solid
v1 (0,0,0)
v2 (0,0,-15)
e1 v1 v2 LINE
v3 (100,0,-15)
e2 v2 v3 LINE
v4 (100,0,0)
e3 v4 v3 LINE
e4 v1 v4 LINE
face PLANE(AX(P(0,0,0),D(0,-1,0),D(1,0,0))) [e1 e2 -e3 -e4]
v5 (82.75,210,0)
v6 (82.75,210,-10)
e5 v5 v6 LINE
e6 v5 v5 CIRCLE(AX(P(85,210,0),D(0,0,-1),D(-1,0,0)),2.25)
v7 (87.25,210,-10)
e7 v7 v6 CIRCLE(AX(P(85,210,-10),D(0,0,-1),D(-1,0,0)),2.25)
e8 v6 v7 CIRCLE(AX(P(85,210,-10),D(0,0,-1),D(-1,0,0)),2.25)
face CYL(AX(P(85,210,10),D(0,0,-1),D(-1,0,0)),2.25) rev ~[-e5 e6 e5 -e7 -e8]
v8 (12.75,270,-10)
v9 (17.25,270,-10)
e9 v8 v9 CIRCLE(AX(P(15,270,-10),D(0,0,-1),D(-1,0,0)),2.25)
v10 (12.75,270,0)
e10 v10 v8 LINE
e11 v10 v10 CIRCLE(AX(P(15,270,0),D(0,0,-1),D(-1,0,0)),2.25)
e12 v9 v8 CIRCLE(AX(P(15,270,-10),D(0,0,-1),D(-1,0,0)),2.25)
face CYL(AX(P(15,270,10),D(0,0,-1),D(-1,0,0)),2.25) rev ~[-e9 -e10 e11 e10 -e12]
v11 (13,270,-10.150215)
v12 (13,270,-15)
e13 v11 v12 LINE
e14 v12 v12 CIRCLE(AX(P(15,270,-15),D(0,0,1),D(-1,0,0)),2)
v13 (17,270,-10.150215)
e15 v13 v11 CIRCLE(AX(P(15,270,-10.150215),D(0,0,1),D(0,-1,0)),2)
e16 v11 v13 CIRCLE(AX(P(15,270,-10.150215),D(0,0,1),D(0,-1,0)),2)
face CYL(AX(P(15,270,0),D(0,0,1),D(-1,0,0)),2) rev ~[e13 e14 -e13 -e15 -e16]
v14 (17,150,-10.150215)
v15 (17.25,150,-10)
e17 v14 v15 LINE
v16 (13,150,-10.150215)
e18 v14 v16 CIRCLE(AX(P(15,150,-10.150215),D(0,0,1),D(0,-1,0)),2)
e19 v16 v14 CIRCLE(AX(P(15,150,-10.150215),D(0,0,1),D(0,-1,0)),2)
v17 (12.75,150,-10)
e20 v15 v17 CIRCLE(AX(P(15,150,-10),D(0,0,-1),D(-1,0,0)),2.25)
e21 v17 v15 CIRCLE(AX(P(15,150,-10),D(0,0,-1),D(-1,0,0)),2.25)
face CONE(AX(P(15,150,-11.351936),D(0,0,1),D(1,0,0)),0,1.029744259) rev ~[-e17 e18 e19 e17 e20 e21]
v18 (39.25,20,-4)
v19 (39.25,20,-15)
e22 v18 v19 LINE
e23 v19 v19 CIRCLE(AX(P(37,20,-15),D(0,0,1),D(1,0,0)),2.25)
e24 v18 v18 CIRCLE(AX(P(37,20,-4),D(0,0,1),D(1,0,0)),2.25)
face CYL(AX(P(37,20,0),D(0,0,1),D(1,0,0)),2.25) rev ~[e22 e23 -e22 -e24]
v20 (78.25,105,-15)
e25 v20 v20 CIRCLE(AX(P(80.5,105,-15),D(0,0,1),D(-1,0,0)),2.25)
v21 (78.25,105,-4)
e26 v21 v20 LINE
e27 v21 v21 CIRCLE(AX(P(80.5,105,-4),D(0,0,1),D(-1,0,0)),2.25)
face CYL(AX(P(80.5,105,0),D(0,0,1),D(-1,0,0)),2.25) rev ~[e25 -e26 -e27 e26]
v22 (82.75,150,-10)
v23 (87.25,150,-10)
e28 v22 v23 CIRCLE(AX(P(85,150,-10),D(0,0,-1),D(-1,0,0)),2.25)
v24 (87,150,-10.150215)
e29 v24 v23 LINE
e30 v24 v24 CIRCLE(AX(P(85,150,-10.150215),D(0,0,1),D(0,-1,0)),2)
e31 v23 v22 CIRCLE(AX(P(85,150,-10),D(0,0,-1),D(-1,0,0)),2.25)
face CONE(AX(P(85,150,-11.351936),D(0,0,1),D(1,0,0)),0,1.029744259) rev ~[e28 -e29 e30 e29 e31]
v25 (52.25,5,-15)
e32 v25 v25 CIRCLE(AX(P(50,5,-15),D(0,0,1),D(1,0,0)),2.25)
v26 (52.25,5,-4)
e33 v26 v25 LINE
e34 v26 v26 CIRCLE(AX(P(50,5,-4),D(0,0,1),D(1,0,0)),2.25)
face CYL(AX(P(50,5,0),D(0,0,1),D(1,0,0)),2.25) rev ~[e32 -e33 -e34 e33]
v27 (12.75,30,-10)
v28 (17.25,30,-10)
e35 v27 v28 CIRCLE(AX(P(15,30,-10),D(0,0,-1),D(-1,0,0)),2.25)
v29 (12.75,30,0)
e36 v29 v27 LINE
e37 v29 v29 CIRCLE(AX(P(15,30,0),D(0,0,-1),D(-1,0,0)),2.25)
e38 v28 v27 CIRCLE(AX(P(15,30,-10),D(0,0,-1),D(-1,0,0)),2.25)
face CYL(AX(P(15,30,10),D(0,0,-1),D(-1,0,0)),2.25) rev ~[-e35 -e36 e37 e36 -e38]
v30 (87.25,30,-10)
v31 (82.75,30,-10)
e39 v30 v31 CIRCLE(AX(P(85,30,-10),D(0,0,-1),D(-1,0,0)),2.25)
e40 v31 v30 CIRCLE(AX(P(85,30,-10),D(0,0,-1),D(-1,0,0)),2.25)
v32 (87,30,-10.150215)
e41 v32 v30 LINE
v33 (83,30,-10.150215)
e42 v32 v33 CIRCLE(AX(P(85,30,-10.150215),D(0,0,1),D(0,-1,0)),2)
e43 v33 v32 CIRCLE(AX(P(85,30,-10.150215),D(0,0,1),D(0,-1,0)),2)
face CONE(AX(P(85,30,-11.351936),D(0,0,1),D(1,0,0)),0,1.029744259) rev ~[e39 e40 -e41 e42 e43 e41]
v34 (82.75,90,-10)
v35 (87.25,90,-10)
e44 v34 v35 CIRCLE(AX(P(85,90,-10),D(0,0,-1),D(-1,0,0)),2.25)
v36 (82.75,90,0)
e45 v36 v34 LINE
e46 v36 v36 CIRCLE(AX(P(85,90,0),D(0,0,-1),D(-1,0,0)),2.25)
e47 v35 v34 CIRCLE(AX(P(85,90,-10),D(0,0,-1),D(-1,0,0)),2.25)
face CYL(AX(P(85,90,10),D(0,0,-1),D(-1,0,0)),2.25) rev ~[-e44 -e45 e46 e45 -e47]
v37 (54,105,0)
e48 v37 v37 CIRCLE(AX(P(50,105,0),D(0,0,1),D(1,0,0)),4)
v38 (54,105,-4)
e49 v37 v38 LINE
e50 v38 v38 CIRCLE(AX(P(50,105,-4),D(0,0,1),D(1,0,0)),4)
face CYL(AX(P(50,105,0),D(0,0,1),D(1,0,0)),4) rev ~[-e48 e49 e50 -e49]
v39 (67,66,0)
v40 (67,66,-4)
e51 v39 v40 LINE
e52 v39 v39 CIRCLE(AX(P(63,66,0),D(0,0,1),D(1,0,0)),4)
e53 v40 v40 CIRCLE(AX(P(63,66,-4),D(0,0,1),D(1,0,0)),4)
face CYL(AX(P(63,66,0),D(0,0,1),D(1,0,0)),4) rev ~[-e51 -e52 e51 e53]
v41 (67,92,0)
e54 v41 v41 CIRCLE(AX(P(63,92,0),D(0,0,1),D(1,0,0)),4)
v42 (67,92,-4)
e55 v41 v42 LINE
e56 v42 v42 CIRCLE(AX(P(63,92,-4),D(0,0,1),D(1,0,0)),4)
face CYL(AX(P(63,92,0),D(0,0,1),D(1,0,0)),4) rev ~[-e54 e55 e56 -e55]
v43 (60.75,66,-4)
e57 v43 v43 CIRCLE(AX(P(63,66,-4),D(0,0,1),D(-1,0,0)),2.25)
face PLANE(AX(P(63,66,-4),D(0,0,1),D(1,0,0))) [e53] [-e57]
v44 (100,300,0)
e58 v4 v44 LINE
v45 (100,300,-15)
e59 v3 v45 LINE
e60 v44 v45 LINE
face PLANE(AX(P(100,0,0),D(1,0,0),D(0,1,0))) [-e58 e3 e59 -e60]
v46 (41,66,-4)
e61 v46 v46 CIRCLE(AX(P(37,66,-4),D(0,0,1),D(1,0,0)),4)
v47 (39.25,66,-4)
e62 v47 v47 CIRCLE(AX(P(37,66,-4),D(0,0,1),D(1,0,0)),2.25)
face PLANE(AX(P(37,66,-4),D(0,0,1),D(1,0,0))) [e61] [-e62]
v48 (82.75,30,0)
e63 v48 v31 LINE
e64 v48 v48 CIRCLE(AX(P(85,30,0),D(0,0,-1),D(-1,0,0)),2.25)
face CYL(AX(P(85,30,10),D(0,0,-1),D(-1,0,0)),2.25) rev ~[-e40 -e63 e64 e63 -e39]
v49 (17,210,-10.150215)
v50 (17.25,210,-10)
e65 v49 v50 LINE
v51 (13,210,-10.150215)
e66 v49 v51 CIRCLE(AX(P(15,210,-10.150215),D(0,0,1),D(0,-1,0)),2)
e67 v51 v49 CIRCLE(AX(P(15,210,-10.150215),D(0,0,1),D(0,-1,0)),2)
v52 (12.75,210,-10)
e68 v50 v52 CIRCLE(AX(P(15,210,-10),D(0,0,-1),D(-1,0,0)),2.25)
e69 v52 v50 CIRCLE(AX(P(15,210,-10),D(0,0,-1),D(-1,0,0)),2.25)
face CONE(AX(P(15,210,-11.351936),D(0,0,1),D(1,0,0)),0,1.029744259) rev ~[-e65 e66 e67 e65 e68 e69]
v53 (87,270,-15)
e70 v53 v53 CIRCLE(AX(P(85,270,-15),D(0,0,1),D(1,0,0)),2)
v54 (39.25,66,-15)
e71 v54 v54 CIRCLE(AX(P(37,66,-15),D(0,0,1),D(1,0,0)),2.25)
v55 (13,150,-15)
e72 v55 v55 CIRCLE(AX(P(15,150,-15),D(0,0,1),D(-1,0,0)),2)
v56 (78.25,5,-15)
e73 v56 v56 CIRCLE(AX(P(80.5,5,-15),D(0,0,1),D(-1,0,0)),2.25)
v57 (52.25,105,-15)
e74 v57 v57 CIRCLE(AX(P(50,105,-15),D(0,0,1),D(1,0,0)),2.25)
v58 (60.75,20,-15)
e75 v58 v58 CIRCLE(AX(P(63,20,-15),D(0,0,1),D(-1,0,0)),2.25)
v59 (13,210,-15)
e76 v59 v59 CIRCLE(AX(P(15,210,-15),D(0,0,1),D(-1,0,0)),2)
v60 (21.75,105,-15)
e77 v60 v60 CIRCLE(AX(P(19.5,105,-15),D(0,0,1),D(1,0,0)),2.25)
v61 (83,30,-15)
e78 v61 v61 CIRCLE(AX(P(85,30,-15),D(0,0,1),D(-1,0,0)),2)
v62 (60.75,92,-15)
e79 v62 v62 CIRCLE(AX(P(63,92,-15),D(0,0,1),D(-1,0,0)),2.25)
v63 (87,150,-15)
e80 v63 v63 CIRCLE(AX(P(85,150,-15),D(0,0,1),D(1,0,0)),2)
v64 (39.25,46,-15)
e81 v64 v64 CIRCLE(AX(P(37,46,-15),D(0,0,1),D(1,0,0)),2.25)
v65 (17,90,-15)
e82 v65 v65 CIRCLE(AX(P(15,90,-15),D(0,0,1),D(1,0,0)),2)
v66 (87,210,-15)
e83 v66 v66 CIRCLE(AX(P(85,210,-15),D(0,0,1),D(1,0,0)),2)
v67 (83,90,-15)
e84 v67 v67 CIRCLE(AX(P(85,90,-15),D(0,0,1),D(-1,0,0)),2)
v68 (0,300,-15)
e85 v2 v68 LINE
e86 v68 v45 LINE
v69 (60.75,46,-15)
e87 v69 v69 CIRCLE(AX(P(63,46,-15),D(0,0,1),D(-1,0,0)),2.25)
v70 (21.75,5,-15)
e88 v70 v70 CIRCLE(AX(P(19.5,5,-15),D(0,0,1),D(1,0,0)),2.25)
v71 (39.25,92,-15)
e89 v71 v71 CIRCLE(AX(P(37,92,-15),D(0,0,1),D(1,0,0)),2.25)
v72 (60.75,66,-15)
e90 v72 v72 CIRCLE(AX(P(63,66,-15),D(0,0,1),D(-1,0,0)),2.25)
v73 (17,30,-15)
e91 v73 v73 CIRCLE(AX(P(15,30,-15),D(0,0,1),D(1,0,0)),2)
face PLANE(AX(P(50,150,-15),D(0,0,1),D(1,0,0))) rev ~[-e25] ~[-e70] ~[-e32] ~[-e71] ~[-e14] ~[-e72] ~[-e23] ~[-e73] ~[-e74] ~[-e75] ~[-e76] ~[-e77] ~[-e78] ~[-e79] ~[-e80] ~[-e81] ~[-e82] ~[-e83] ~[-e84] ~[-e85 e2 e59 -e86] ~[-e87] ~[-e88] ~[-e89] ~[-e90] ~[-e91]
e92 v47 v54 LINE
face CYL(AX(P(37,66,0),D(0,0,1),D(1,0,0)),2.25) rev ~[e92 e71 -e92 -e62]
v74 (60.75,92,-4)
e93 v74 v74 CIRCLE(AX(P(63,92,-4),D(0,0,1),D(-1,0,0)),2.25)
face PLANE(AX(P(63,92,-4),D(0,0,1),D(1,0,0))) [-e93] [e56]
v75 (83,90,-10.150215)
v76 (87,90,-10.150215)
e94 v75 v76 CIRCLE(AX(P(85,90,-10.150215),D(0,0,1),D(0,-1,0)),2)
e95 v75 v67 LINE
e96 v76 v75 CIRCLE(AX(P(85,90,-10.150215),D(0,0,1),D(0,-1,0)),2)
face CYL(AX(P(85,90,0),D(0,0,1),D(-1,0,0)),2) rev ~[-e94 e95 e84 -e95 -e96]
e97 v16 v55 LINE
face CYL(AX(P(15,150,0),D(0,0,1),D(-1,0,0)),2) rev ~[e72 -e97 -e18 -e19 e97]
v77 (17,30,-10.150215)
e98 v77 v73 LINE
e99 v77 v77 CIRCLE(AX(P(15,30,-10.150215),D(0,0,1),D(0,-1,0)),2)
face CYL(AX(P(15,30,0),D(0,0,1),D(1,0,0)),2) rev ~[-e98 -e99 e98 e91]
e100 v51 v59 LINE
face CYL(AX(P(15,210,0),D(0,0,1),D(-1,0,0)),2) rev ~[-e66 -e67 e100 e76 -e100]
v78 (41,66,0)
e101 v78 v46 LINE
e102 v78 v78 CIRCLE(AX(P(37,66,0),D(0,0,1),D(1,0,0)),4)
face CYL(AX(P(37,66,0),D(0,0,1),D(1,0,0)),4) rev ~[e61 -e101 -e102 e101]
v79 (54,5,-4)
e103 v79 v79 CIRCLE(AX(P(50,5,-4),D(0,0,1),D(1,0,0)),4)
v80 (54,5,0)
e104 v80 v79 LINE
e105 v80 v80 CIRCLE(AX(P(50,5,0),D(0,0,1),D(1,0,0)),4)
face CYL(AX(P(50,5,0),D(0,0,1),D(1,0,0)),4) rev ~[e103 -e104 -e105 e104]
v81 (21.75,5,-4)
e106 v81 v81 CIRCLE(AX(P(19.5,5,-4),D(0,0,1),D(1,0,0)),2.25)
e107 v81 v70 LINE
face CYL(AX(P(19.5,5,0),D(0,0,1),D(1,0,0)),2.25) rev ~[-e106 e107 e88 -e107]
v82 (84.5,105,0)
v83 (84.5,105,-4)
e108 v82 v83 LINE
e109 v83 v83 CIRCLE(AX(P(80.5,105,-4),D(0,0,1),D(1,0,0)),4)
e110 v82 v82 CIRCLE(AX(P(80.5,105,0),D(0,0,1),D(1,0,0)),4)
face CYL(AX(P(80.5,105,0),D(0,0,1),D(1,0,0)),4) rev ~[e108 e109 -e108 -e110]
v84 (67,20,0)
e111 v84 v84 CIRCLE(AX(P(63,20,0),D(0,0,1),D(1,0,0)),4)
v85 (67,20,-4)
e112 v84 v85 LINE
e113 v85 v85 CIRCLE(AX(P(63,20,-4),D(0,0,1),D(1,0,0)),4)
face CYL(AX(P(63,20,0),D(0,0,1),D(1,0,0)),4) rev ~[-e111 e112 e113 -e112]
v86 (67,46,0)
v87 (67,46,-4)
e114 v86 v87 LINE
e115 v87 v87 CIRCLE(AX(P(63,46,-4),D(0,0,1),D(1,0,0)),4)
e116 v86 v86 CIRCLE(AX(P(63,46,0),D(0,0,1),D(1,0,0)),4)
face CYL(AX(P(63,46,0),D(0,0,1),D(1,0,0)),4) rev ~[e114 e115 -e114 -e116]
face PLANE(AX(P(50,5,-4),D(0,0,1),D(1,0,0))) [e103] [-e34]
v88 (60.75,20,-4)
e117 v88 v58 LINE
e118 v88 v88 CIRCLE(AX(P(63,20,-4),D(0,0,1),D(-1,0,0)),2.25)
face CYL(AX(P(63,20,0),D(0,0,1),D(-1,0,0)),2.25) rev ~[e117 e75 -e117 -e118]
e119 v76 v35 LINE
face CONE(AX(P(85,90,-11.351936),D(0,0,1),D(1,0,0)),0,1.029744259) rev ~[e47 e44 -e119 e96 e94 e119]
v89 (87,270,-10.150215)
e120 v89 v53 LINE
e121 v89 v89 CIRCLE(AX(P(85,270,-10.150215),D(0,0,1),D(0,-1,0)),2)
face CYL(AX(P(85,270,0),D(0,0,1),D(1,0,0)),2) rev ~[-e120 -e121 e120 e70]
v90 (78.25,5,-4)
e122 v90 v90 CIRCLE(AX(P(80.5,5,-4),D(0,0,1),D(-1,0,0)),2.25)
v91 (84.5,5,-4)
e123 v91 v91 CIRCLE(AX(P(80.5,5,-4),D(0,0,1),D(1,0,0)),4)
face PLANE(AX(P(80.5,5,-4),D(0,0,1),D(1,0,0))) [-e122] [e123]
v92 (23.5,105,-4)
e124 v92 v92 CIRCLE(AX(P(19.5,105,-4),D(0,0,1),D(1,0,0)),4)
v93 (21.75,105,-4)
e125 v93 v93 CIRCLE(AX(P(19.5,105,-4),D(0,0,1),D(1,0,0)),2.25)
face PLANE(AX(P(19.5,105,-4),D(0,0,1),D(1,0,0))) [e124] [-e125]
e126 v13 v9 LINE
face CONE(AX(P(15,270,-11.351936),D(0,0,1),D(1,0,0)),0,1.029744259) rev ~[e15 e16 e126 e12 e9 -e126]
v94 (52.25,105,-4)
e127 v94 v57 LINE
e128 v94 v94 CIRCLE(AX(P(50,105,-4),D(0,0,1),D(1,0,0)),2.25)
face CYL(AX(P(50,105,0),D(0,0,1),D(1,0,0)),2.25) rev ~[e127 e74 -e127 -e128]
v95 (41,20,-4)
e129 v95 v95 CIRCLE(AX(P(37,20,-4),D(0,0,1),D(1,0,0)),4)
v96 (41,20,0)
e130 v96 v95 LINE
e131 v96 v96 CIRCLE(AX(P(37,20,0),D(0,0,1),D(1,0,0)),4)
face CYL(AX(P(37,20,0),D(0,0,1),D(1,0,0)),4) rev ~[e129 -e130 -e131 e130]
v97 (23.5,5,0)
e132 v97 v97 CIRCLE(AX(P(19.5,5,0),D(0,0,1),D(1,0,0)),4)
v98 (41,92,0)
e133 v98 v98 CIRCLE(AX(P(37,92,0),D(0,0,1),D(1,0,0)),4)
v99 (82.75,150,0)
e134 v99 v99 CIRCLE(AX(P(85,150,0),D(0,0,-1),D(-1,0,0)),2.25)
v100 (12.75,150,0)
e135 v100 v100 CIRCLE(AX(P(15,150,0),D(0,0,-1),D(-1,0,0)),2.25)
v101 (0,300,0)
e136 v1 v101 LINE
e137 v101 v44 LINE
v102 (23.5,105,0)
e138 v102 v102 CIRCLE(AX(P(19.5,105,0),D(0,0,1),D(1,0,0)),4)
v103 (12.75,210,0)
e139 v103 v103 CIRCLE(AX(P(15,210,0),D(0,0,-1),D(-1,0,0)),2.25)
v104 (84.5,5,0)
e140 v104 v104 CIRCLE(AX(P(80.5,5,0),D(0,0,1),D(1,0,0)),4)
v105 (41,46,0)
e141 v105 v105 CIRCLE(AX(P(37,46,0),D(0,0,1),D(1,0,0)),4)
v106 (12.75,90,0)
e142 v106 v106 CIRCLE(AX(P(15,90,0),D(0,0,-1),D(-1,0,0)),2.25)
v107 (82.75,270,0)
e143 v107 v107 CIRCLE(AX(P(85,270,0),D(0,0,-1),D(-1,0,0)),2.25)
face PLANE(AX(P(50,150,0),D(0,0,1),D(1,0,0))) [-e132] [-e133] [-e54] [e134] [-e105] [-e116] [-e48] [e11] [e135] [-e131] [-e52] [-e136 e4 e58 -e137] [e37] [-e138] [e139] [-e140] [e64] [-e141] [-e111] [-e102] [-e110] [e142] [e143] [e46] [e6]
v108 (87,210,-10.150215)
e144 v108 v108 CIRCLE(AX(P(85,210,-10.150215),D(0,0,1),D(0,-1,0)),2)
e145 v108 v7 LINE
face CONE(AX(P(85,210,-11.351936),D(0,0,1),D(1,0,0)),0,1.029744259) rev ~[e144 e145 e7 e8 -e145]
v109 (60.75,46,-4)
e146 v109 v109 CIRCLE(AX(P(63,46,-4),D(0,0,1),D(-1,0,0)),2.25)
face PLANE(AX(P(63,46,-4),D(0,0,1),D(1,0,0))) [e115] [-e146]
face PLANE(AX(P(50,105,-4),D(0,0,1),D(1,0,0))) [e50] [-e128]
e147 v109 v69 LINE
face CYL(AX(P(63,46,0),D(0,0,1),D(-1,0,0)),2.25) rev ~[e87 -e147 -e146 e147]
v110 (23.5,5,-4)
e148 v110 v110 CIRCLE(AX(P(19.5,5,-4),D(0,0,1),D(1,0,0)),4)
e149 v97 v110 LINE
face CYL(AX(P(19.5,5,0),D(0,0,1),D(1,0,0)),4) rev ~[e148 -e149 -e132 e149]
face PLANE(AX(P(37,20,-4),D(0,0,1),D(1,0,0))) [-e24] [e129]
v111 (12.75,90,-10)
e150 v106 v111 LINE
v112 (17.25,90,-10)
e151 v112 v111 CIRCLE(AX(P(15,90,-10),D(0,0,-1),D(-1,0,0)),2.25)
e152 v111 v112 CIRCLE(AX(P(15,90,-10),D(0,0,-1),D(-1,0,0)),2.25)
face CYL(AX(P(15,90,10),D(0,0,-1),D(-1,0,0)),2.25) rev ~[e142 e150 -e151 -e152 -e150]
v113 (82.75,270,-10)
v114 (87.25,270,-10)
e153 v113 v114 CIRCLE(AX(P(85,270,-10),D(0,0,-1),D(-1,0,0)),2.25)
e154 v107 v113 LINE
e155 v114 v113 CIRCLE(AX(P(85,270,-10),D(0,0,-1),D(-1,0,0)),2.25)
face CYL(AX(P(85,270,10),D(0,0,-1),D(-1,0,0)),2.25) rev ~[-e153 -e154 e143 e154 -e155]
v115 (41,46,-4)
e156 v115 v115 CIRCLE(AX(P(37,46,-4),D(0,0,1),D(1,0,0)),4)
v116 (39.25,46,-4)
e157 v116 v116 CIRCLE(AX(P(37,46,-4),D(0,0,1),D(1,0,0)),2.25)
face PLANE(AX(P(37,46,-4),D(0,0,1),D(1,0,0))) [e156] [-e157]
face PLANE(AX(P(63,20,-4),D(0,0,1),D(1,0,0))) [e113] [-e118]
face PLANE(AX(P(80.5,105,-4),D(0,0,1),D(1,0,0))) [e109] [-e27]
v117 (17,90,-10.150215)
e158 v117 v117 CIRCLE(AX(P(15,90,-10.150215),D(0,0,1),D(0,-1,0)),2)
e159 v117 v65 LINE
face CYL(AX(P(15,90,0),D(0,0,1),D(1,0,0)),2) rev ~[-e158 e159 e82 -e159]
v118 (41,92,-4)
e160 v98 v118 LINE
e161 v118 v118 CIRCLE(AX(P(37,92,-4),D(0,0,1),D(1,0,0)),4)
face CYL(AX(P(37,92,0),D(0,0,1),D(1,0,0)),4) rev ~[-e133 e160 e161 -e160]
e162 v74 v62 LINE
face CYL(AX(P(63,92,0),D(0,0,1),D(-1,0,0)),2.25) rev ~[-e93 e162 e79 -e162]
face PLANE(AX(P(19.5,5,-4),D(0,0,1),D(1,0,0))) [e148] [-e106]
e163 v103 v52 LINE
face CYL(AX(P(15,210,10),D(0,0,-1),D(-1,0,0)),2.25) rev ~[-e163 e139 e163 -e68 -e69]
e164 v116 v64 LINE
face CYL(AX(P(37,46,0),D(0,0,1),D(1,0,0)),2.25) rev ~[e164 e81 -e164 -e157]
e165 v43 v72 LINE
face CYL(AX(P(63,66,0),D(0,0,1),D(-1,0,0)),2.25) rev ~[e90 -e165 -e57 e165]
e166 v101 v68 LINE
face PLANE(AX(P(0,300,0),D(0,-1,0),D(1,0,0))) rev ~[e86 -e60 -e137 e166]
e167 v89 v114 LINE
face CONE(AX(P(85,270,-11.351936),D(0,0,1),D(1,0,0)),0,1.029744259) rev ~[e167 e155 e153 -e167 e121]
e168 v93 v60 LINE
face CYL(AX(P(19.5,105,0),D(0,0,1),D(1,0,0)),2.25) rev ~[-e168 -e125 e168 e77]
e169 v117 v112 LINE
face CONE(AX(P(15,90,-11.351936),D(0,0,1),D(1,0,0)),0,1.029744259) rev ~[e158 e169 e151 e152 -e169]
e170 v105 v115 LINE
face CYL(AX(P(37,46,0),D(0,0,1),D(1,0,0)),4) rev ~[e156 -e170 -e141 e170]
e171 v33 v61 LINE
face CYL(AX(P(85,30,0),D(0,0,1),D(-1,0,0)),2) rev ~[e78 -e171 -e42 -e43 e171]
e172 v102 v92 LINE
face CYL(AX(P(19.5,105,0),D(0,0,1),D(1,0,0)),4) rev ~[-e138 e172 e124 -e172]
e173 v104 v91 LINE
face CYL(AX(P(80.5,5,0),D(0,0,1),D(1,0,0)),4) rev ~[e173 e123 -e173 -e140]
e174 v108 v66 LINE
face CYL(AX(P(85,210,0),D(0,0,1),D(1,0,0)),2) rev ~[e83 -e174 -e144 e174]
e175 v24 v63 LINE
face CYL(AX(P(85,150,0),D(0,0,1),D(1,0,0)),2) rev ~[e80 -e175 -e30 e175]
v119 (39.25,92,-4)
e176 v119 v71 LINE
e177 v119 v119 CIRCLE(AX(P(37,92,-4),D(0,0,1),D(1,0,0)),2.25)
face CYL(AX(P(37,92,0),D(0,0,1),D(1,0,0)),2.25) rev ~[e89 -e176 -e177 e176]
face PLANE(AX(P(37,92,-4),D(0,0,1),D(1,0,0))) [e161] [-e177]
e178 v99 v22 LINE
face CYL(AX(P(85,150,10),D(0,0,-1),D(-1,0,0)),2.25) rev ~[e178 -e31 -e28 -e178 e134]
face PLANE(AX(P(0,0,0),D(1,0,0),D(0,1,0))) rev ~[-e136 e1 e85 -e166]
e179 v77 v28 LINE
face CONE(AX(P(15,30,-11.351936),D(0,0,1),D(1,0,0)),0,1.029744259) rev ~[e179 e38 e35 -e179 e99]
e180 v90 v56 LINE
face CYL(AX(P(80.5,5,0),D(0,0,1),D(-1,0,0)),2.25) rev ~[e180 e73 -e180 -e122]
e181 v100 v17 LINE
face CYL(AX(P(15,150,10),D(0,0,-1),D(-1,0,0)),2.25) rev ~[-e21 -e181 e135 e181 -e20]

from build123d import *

# Parameters (mm, degrees)
SCHIZZO1_W                   = 100
SCHIZZO1_H                   = 300
ESTRUSIONE_ESTRUSIONE1_DEPTH = 15
SCHIZZO2_R                   = 2.25
TAGLIO_ESTRUSIONE1_DEPTH     = 317.583322366
SCHIZZO4_R                   = 4
TAGLIO_ESTRUSIONE2_DEPTH     = 4
SCHIZZO5_R                   = 2
TAGLIO_ESTRUSIONE3_DEPTH     = 317.583322366
FORO_PER_VITE_M4_1_D         = 4.5
FORO_PER_VITE_M4_1_DEPTH     = 10
FORO_PER_VITE_M4_1_TIP       = 1.351936393


with BuildPart() as part:
    # Schizzo1 → Estrusione-Estrusione1 (new body)
    with BuildSketch(Plane.XY):
        with Locations((50, 150)):
            Rectangle(SCHIZZO1_W, SCHIZZO1_H)
    extrude(amount=-ESTRUSIONE_ESTRUSIONE1_DEPTH)

    # Schizzo2 → Taglio-Estrusione1 (cut, through all)
    with BuildSketch(Plane.XY):
        with Locations((19.5, 105)):
            Circle(SCHIZZO2_R)
        with Locations((19.5, 5)):
            Circle(SCHIZZO2_R)
        with Locations((37, 20)):
            Circle(SCHIZZO2_R)
        with Locations((37, 46)):
            Circle(SCHIZZO2_R)
        with Locations((37, 66)):
            Circle(SCHIZZO2_R)
        with Locations((37, 92)):
            Circle(SCHIZZO2_R)
        with Locations((50, 105)):
            Circle(SCHIZZO2_R)
        with Locations((50, 5)):
            Circle(SCHIZZO2_R)
        with Locations(Location((63, 92, 0), (0, 0, 180))):
            Circle(SCHIZZO2_R)
        with Locations(Location((63, 66, 0), (0, 0, 180))):
            Circle(SCHIZZO2_R)
        with Locations(Location((63, 46, 0), (0, 0, 180))):
            Circle(SCHIZZO2_R)
        with Locations(Location((63, 20, 0), (0, 0, 180))):
            Circle(SCHIZZO2_R)
        with Locations(Location((80.5, 5, 0), (0, 0, 180))):
            Circle(SCHIZZO2_R)
        with Locations(Location((80.5, 105, 0), (0, 0, 180))):
            Circle(SCHIZZO2_R)
    extrude(amount=-TAGLIO_ESTRUSIONE1_DEPTH, mode=Mode.SUBTRACT)

    # Schizzo4 → Taglio-Estrusione2 (cut)
    with BuildSketch(Plane.XY):
        with Locations((19.5, 105)):
            Circle(SCHIZZO4_R)
        with Locations((50, 105)):
            Circle(SCHIZZO4_R)
        with Locations((80.5, 105)):
            Circle(SCHIZZO4_R)
        with Locations((37, 92)):
            Circle(SCHIZZO4_R)
        with Locations((63, 92)):
            Circle(SCHIZZO4_R)
        with Locations((37, 66)):
            Circle(SCHIZZO4_R)
        with Locations((63, 66)):
            Circle(SCHIZZO4_R)
        with Locations((37, 46)):
            Circle(SCHIZZO4_R)
        with Locations((63, 46)):
            Circle(SCHIZZO4_R)
        with Locations((19.5, 5)):
            Circle(SCHIZZO4_R)
        with Locations((37, 20)):
            Circle(SCHIZZO4_R)
        with Locations((63, 20)):
            Circle(SCHIZZO4_R)
        with Locations((50, 5)):
            Circle(SCHIZZO4_R)
        with Locations((80.5, 5)):
            Circle(SCHIZZO4_R)
    extrude(amount=-TAGLIO_ESTRUSIONE2_DEPTH, mode=Mode.SUBTRACT)

    # Schizzo5 → Taglio-Estrusione3 (cut, through all)
    with BuildSketch(Plane.XY):
        with Locations((85, 150)):
            Circle(SCHIZZO5_R)
        with Locations((85, 210)):
            Circle(SCHIZZO5_R)
        with Locations((85, 270)):
            Circle(SCHIZZO5_R)
        with Locations(Location((85, 30, 0), (0, 0, 180))):
            Circle(SCHIZZO5_R)
        with Locations(Location((85, 90, 0), (0, 0, 180))):
            Circle(SCHIZZO5_R)
        with Locations((15, 90)):
            Circle(SCHIZZO5_R)
        with Locations((15, 30)):
            Circle(SCHIZZO5_R)
        with Locations(Location((15, 270, 0), (0, 0, 180))):
            Circle(SCHIZZO5_R)
        with Locations(Location((15, 210, 0), (0, 0, 180))):
            Circle(SCHIZZO5_R)
        with Locations(Location((15, 150, 0), (0, 0, 180))):
            Circle(SCHIZZO5_R)
    extrude(amount=-TAGLIO_ESTRUSIONE3_DEPTH, mode=Mode.SUBTRACT)

    # Foro per Vite M4-1
    with Locations(Plane(origin=(15, 270, 0), x_dir=(1, 0, 0), z_dir=(0, 0, 1))):
        with Locations((0, 0), (70, 0), (0, -60), (70, -60), (0, -120), (70, -120), (0, -180), (70, -180), (0, -240), (70, -240)):
            Hole(FORO_PER_VITE_M4_1_D / 2, depth=FORO_PER_VITE_M4_1_DEPTH)
            with Locations((0, 0, -(FORO_PER_VITE_M4_1_DEPTH + FORO_PER_VITE_M4_1_TIP / 2))):  # 118° drill point
                Cone(0, FORO_PER_VITE_M4_1_D / 2, FORO_PER_VITE_M4_1_TIP, mode=Mode.SUBTRACT)


solid = part.part
